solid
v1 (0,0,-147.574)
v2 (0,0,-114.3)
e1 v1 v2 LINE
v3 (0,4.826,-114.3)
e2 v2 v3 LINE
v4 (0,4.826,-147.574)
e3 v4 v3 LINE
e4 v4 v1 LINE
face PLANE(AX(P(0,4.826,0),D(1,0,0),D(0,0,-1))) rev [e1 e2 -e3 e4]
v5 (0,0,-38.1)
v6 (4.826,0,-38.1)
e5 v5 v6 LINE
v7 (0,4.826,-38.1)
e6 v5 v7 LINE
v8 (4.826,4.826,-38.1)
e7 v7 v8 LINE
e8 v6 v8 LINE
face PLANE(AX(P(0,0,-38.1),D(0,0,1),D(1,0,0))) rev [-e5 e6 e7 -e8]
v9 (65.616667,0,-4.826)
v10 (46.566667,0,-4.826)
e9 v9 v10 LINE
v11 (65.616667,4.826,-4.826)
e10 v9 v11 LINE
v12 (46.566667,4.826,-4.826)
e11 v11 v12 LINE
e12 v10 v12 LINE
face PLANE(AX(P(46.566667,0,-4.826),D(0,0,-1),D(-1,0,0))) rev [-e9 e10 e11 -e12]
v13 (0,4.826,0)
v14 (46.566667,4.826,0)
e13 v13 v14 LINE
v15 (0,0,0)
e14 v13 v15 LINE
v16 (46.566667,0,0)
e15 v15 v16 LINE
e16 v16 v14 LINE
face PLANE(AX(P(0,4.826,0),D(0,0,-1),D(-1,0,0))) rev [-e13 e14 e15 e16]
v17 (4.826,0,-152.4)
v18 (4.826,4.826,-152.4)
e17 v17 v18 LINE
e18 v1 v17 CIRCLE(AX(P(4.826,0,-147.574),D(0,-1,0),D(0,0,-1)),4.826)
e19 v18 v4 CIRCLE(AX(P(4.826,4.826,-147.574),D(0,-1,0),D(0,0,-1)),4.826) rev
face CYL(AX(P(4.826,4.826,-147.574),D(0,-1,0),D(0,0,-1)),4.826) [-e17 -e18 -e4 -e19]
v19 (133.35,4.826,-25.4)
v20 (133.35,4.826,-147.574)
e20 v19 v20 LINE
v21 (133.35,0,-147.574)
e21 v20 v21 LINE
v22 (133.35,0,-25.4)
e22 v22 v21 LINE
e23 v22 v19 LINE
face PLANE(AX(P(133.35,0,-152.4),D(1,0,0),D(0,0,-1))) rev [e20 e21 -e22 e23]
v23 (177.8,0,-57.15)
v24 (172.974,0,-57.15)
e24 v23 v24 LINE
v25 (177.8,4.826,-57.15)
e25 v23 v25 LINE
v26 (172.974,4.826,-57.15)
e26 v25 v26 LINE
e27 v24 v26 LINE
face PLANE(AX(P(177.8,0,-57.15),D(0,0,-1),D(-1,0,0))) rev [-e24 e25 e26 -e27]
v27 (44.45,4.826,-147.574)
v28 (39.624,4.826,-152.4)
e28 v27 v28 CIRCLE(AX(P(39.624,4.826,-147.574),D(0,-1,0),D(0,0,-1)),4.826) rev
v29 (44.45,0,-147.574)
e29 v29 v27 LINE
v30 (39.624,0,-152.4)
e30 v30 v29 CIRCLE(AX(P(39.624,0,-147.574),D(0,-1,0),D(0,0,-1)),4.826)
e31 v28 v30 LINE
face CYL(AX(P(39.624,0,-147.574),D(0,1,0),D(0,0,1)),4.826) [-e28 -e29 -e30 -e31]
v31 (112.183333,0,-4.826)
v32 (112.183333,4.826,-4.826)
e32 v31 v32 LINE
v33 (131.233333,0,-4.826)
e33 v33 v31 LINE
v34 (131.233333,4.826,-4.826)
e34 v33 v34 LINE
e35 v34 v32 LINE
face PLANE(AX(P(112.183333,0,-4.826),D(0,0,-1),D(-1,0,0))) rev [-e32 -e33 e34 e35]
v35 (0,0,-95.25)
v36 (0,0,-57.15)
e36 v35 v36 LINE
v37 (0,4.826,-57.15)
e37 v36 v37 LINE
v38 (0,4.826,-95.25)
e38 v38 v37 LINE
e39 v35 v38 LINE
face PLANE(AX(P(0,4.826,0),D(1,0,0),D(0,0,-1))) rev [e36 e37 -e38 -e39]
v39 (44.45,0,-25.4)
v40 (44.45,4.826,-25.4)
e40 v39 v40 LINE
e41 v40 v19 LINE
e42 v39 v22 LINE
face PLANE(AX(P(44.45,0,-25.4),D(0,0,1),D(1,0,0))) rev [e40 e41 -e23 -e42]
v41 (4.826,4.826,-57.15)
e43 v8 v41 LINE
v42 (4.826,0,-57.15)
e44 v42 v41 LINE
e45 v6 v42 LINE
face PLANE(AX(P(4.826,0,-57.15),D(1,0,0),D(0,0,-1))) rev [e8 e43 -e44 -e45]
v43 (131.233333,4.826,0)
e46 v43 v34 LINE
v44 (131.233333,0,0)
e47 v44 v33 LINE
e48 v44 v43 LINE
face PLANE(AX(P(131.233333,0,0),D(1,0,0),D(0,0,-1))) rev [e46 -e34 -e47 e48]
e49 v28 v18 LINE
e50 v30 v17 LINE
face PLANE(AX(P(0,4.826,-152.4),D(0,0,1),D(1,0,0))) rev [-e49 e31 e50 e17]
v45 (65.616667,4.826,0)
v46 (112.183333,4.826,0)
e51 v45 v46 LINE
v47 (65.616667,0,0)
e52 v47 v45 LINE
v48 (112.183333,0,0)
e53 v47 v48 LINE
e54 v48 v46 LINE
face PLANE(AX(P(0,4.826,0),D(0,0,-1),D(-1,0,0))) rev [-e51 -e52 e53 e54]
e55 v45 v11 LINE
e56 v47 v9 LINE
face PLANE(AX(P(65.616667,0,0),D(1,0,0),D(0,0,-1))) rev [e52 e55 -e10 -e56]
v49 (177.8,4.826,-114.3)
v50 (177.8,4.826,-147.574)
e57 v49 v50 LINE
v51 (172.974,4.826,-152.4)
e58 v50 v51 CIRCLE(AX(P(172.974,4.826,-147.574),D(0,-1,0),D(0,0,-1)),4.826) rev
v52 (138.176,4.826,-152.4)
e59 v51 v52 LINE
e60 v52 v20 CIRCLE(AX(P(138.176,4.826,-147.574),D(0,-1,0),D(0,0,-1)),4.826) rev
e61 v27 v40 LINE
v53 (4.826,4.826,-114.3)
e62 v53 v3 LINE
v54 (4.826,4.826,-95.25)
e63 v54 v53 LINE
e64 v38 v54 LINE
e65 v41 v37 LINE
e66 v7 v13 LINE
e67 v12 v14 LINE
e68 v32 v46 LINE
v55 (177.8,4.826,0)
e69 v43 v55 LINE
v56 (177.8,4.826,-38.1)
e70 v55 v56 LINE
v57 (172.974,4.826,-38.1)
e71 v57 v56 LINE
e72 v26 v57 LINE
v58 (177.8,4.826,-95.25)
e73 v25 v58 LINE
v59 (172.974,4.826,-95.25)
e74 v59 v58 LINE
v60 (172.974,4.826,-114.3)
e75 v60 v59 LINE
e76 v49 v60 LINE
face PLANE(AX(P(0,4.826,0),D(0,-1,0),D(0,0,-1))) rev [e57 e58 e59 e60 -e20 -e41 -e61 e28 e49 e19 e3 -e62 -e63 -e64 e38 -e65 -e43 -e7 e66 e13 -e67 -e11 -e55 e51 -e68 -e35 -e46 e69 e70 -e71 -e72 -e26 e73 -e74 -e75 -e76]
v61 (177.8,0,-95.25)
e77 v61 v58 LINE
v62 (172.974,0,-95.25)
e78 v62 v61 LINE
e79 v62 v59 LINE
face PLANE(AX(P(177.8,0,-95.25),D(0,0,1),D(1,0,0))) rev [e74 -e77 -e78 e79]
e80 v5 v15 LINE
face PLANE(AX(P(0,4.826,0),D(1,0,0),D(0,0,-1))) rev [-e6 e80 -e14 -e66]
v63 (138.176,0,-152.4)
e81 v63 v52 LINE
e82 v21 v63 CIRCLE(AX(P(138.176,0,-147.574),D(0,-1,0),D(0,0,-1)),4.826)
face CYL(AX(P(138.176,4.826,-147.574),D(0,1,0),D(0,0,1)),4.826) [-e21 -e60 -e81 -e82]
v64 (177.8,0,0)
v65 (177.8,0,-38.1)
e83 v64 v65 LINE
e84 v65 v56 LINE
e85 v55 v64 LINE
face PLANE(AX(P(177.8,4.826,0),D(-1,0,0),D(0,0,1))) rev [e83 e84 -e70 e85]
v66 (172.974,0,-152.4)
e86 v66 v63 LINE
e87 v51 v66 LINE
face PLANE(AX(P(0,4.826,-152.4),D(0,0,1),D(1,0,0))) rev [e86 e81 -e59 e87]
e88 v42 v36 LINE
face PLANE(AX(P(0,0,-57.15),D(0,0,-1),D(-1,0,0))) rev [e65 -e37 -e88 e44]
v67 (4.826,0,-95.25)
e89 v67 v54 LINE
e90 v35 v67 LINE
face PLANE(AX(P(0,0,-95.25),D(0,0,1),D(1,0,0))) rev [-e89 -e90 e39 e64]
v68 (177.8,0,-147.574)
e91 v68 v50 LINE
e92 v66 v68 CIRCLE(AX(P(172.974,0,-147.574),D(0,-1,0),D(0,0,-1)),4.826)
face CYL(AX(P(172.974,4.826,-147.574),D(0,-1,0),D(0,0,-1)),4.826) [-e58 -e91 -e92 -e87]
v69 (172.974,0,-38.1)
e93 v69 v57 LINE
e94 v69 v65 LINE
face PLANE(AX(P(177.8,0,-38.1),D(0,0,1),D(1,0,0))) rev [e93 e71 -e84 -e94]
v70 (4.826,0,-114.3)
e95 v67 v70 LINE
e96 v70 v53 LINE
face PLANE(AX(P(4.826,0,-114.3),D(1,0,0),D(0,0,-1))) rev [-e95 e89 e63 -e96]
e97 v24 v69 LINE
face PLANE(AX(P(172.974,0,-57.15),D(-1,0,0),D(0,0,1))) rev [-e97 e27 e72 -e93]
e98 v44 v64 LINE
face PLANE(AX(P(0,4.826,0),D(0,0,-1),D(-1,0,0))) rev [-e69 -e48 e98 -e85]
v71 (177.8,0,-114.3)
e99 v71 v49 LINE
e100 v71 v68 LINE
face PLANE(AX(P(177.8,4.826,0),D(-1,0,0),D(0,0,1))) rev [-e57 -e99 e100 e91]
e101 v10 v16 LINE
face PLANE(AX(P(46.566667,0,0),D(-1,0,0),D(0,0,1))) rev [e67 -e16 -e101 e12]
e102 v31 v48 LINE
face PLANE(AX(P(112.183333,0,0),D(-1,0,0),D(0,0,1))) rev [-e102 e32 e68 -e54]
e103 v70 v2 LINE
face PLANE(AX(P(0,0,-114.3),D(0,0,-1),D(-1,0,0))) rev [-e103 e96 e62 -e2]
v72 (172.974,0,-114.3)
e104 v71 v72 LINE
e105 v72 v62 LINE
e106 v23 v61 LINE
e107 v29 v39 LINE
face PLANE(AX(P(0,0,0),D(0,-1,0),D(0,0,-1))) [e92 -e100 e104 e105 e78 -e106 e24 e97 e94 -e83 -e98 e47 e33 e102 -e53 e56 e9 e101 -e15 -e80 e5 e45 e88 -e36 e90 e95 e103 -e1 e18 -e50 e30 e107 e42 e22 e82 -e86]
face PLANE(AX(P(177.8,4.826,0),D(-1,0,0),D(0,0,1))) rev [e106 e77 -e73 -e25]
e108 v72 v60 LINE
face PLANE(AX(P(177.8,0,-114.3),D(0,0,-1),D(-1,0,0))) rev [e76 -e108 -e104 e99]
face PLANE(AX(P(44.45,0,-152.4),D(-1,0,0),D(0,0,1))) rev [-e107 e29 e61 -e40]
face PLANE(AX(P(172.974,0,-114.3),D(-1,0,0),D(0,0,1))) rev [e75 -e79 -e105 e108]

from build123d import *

# Parameters (mm, degrees)
SKETCH1_W             = 177.8
SKETCH1_H             = 152.4
BOSS_EXTRUDE1_DEPTH   = 4.826
SKETCH2_W             = 88.9
SKETCH2_H             = 127
CENTER_CUTOUT_DEPTH   = 235.22615199
SKETCH3_W             = 19.05
SKETCH3_H             = 4.826
BACK_EDGE_SLOTS_DEPTH = 235.22615199
SKETCH5_W             = 4.826
SKETCH5_H             = 19.05
SIDE_EDGE_SLOTS_DEPTH = 235.22615199
LEADING_EDGE_FILLET_R = 4.826


with BuildPart() as part:
    # Sketch1 → Boss-Extrude1 (new body)
    with BuildSketch(Plane(origin=(0, 0, 0), x_dir=(1, 0, 0), z_dir=(0, 1, 0))):
        with Locations((88.9, 76.2)):
            Rectangle(SKETCH1_W, SKETCH1_H)
    extrude(amount=BOSS_EXTRUDE1_DEPTH)

    # Sketch2 → Center Cutout (cut, through all)
    with BuildSketch(Plane(origin=(0, 4.826, 0), x_dir=(1, 0, 0), z_dir=(0, 1, 0))):
        with Locations((88.9, 88.9)):
            Rectangle(SKETCH2_W, SKETCH2_H)
    extrude(amount=-CENTER_CUTOUT_DEPTH, mode=Mode.SUBTRACT)

    # Sketch3 → Back Edge Slots (cut, through all)
    with BuildSketch(Plane(origin=(0, 4.826, 0), x_dir=(1, 0, 0), z_dir=(0, 1, 0))):
        with Locations((56.091666667, 2.413)):
            Rectangle(SKETCH3_W, SKETCH3_H)
        with Locations((121.708333333, 2.413)):
            Rectangle(SKETCH3_W, SKETCH3_H)
    extrude(amount=-BACK_EDGE_SLOTS_DEPTH, mode=Mode.SUBTRACT)

    # Sketch5 → Side Edge Slots (cut, through all)
    with BuildSketch(Plane(origin=(0, 4.826, 0), x_dir=(1, 0, 0), z_dir=(0, 1, 0))):
        with Locations((2.413, 104.775)):
            Rectangle(SKETCH5_W, SKETCH5_H)
        with Locations((2.413, 47.625)):
            Rectangle(SKETCH5_W, SKETCH5_H)
        with Locations((175.387, 104.775)):
            Rectangle(SKETCH5_W, SKETCH5_H)
        with Locations((175.387, 47.625)):
            Rectangle(SKETCH5_W, SKETCH5_H)
    extrude(amount=-SIDE_EDGE_SLOTS_DEPTH, mode=Mode.SUBTRACT)

    # Leading Edge Fillet
    leading_edge_fillet_edges = [part.edges().sort_by_distance(p)[0] for p in [
        (44.45, 2.413, -152.4),
        (133.35, 2.413, -152.4),
        (0, 2.413, -152.4),
        (177.8, 2.413, -152.4),
    ]]
    fillet(leading_edge_fillet_edges, radius=LEADING_EDGE_FILLET_R)


solid = part.part
